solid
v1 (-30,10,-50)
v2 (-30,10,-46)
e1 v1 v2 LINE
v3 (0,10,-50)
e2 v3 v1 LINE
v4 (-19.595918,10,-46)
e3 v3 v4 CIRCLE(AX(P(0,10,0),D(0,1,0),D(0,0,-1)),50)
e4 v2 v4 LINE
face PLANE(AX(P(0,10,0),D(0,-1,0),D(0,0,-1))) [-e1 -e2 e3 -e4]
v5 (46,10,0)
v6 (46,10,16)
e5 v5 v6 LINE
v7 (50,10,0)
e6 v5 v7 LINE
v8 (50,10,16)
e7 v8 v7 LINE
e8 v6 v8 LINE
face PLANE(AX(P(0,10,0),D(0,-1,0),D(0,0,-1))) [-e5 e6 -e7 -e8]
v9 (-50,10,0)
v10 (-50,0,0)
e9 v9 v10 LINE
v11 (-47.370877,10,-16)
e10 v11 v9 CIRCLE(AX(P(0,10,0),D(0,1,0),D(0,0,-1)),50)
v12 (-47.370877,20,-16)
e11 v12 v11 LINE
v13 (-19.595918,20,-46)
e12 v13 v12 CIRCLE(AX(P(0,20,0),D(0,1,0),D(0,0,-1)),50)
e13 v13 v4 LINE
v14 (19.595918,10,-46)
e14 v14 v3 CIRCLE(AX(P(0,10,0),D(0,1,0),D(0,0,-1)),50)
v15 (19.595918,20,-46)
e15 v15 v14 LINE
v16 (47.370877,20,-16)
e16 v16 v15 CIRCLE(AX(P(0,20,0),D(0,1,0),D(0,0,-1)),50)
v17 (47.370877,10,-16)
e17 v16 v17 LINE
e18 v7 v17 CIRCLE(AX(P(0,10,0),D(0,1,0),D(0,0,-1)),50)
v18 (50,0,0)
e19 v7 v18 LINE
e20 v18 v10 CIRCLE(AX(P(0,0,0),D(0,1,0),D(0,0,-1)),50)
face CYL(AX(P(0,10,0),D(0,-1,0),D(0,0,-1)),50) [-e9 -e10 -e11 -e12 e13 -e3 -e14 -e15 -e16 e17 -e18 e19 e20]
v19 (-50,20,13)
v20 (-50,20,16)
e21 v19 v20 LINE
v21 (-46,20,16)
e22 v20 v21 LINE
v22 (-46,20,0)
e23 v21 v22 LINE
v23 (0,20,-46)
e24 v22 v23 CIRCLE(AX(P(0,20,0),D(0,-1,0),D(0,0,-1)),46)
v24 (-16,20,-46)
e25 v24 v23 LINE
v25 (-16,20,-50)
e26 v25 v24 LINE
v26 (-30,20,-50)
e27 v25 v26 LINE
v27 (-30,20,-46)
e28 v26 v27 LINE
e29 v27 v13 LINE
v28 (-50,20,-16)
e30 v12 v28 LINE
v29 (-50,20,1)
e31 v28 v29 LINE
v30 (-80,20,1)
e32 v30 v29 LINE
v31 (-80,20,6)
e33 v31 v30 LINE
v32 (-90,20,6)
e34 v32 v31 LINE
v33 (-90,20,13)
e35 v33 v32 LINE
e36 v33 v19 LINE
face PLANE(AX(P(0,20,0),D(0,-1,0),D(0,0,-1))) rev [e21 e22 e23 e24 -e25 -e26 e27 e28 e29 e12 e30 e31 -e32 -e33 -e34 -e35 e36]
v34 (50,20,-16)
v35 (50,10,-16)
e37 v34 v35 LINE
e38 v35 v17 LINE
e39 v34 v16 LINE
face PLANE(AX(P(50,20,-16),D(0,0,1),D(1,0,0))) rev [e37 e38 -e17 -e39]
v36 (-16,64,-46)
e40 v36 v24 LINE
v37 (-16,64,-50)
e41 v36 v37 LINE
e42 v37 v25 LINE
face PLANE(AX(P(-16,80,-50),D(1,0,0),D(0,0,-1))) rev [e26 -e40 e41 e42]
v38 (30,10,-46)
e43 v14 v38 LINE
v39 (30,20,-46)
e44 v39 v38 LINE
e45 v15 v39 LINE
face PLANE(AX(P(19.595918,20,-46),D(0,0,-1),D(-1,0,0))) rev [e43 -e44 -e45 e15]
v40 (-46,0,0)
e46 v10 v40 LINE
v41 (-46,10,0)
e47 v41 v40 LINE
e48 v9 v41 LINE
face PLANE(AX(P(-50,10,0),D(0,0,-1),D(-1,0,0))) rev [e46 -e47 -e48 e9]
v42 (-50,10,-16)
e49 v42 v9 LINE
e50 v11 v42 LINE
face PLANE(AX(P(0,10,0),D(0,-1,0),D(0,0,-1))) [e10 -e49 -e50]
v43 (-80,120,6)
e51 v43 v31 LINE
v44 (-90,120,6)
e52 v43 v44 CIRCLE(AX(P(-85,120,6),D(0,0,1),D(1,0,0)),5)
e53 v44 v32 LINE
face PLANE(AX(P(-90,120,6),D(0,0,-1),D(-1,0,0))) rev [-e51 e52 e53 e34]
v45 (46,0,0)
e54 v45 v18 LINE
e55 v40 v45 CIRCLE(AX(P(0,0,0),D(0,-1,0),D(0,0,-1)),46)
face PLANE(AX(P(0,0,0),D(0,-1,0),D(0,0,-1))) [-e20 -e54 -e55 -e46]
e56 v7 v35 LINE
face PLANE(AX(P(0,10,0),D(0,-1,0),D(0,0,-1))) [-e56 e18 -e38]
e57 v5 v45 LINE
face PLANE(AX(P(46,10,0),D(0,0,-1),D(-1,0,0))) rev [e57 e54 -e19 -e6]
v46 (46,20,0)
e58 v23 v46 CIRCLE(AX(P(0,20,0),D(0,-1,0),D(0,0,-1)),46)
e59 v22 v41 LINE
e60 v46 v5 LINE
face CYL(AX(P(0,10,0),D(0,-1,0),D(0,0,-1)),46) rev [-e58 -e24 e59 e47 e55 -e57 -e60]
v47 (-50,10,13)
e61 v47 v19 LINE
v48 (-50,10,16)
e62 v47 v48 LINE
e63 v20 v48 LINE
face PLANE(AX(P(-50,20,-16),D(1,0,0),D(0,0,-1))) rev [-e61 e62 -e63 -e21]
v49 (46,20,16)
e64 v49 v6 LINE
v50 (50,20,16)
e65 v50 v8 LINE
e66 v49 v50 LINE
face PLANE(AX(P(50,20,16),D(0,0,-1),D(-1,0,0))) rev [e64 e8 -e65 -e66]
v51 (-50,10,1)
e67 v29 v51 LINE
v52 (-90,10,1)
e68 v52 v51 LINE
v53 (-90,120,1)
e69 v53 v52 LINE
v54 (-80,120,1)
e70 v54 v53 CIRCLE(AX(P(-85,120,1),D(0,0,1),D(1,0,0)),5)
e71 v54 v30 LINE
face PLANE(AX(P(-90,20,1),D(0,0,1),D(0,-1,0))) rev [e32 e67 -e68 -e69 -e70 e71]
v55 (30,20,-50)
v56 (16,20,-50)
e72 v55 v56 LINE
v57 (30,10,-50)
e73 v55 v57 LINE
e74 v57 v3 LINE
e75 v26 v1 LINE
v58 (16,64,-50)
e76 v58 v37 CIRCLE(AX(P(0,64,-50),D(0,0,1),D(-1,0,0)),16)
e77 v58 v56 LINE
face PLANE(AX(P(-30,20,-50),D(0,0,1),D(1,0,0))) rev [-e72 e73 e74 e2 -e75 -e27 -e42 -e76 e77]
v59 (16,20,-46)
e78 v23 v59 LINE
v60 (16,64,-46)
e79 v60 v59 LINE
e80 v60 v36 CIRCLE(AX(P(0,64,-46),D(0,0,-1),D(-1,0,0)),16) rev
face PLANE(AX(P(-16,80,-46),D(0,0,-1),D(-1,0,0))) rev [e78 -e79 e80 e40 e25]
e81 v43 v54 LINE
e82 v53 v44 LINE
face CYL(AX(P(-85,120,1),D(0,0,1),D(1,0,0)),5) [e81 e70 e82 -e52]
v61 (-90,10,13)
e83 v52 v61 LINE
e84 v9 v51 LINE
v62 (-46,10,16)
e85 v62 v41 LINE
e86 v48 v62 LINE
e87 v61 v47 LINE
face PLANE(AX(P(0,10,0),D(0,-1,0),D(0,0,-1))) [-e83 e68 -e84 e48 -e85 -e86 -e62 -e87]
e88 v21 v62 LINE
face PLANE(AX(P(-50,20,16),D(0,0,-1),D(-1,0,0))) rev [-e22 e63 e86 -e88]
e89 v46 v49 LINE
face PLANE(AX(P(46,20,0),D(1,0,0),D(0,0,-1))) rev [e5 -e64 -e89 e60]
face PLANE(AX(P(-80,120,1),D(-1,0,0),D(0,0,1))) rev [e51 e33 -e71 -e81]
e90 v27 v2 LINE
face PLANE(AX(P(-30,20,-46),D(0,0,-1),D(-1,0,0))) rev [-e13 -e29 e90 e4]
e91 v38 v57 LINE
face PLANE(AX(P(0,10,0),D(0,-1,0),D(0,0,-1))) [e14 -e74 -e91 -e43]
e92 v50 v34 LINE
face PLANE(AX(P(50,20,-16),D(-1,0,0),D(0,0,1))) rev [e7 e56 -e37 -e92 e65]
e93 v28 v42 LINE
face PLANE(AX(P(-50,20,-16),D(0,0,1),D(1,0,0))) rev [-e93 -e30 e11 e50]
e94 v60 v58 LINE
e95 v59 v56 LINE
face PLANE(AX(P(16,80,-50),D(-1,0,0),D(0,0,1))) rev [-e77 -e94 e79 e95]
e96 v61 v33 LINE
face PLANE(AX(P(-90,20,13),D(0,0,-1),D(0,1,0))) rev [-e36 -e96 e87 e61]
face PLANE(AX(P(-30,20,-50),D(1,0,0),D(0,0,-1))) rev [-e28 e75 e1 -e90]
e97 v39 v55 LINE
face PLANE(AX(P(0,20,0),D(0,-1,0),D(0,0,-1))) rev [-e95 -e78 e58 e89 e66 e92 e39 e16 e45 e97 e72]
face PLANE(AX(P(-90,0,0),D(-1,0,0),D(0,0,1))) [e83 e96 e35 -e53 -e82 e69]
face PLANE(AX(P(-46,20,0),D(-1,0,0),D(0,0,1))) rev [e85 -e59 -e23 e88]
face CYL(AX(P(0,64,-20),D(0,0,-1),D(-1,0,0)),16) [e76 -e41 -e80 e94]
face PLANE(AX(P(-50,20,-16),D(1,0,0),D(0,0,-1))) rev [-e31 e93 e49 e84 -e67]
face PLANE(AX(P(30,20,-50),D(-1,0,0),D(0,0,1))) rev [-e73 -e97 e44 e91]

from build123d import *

# Parameters (mm, degrees)
EXTRUDE_1_DEPTH     = 10
EXTRUDE_2_DEPTH     = 10
SKETCH_4_W          = 32
SKETCH_4_H          = 4
EXTRUDE_3_DEPTH     = 60
CUT_EXTRUDE_1_DEPTH = 30
SKETCH_6_W          = 12
SKETCH_6_H          = 10
EXTRUDE_4_DEPTH     = 40
SKETCH_7_W          = 10
SKETCH_7_H          = 5
EXTRUDE_5_DEPTH     = 100
SKETCH_9_R          = 5
EXTRUDE_7_DEPTH     = 5


with BuildPart() as part:
    # 草图1 → 凸台-拉伸1 (new body)
    with BuildSketch(Plane(origin=(0, 0, 0), x_dir=(1, 0, 0), z_dir=(0, 1, 0))):
        with BuildLine():
            Line((-50, 0), (-46, 0))
            ThreePointArc((-46, 0), (0, 46), (46, 0))
            Line((46, 0), (50, 0))
            ThreePointArc((50, 0), (0, 50), (-50, 0))
        make_face()
    extrude(amount=EXTRUDE_1_DEPTH)

    # 草图3 → 凸台-拉伸2 (add)
    with BuildSketch(Plane(origin=(0, 10, 0), x_dir=(1, 0, 0), z_dir=(0, 1, 0))):
        with BuildLine():
            Line((-50, 16), (-47.370877129, 16))
            ThreePointArc((-47.370877129, 16), (-36.689752119, 33.968545589), (-19.595917942, 46))
            Line((-19.595917942, 46), (-30, 46))
            Line((-30, 46), (-30, 50))
            Line((-30, 50), (30, 50))
            Line((30, 50), (30, 46))
            Line((30, 46), (19.595917942, 46))
            ThreePointArc((19.595917942, 46), (36.689752119, 33.968545589), (47.370877129, 16))
            Line((47.370877129, 16), (50, 16))
            Line((50, 16), (50, -16))
            Line((50, -16), (46, -16))
            Line((46, -16), (46, 0))
            ThreePointArc((46, 0), (0, 46), (-46, 0))
            Line((-46, 0), (-46, -16))
            Line((-46, -16), (-50, -16))
            Line((-50, -16), (-50, 16))
        make_face()
    extrude(amount=EXTRUDE_2_DEPTH)

    # 草图4 → 凸台-拉伸3 (add)
    with BuildSketch(Plane(origin=(0, 20, 0), x_dir=(1, 0, 0), z_dir=(0, 1, 0))):
        with Locations((0, 48)):
            Rectangle(SKETCH_4_W, SKETCH_4_H)
    extrude(amount=EXTRUDE_3_DEPTH)

    # 草图5 → 切除-拉伸1 (cut)
    with BuildSketch(Plane(origin=(0, 0, -50), x_dir=(-1, 0, 0), z_dir=(0, 0, -1))):
        with BuildLine():
            Line((-16, 64), (-16, 97.905328476))
            Line((-16, 97.905328476), (16, 97.905328476))
            Line((16, 97.905328476), (16, 64))
            ThreePointArc((16, 64), (0, 80), (-16, 64))
        make_face()
    extrude(amount=-CUT_EXTRUDE_1_DEPTH, mode=Mode.SUBTRACT)

    # 草图6 → 凸台-拉伸4 (add)
    with BuildSketch(Plane.ZY.offset(50)):
        with Locations((7, 15)):
            Rectangle(SKETCH_6_W, SKETCH_6_H)
    extrude(amount=EXTRUDE_4_DEPTH)

    # 草图7 → 凸台-拉伸5 (add)
    with BuildSketch(Plane(origin=(0, 20, 0), x_dir=(1, 0, 0), z_dir=(0, 1, 0))):
        with Locations((-85, -3.5)):
            Rectangle(SKETCH_7_W, SKETCH_7_H)
    extrude(amount=EXTRUDE_5_DEPTH)

    # 草图9 → 凸台-拉伸7 (add)
    with BuildSketch(Plane.XY.offset(6)):
        with Locations((-85, 120)):
            Circle(SKETCH_9_R)
    extrude(amount=-EXTRUDE_7_DEPTH)


solid = part.part
